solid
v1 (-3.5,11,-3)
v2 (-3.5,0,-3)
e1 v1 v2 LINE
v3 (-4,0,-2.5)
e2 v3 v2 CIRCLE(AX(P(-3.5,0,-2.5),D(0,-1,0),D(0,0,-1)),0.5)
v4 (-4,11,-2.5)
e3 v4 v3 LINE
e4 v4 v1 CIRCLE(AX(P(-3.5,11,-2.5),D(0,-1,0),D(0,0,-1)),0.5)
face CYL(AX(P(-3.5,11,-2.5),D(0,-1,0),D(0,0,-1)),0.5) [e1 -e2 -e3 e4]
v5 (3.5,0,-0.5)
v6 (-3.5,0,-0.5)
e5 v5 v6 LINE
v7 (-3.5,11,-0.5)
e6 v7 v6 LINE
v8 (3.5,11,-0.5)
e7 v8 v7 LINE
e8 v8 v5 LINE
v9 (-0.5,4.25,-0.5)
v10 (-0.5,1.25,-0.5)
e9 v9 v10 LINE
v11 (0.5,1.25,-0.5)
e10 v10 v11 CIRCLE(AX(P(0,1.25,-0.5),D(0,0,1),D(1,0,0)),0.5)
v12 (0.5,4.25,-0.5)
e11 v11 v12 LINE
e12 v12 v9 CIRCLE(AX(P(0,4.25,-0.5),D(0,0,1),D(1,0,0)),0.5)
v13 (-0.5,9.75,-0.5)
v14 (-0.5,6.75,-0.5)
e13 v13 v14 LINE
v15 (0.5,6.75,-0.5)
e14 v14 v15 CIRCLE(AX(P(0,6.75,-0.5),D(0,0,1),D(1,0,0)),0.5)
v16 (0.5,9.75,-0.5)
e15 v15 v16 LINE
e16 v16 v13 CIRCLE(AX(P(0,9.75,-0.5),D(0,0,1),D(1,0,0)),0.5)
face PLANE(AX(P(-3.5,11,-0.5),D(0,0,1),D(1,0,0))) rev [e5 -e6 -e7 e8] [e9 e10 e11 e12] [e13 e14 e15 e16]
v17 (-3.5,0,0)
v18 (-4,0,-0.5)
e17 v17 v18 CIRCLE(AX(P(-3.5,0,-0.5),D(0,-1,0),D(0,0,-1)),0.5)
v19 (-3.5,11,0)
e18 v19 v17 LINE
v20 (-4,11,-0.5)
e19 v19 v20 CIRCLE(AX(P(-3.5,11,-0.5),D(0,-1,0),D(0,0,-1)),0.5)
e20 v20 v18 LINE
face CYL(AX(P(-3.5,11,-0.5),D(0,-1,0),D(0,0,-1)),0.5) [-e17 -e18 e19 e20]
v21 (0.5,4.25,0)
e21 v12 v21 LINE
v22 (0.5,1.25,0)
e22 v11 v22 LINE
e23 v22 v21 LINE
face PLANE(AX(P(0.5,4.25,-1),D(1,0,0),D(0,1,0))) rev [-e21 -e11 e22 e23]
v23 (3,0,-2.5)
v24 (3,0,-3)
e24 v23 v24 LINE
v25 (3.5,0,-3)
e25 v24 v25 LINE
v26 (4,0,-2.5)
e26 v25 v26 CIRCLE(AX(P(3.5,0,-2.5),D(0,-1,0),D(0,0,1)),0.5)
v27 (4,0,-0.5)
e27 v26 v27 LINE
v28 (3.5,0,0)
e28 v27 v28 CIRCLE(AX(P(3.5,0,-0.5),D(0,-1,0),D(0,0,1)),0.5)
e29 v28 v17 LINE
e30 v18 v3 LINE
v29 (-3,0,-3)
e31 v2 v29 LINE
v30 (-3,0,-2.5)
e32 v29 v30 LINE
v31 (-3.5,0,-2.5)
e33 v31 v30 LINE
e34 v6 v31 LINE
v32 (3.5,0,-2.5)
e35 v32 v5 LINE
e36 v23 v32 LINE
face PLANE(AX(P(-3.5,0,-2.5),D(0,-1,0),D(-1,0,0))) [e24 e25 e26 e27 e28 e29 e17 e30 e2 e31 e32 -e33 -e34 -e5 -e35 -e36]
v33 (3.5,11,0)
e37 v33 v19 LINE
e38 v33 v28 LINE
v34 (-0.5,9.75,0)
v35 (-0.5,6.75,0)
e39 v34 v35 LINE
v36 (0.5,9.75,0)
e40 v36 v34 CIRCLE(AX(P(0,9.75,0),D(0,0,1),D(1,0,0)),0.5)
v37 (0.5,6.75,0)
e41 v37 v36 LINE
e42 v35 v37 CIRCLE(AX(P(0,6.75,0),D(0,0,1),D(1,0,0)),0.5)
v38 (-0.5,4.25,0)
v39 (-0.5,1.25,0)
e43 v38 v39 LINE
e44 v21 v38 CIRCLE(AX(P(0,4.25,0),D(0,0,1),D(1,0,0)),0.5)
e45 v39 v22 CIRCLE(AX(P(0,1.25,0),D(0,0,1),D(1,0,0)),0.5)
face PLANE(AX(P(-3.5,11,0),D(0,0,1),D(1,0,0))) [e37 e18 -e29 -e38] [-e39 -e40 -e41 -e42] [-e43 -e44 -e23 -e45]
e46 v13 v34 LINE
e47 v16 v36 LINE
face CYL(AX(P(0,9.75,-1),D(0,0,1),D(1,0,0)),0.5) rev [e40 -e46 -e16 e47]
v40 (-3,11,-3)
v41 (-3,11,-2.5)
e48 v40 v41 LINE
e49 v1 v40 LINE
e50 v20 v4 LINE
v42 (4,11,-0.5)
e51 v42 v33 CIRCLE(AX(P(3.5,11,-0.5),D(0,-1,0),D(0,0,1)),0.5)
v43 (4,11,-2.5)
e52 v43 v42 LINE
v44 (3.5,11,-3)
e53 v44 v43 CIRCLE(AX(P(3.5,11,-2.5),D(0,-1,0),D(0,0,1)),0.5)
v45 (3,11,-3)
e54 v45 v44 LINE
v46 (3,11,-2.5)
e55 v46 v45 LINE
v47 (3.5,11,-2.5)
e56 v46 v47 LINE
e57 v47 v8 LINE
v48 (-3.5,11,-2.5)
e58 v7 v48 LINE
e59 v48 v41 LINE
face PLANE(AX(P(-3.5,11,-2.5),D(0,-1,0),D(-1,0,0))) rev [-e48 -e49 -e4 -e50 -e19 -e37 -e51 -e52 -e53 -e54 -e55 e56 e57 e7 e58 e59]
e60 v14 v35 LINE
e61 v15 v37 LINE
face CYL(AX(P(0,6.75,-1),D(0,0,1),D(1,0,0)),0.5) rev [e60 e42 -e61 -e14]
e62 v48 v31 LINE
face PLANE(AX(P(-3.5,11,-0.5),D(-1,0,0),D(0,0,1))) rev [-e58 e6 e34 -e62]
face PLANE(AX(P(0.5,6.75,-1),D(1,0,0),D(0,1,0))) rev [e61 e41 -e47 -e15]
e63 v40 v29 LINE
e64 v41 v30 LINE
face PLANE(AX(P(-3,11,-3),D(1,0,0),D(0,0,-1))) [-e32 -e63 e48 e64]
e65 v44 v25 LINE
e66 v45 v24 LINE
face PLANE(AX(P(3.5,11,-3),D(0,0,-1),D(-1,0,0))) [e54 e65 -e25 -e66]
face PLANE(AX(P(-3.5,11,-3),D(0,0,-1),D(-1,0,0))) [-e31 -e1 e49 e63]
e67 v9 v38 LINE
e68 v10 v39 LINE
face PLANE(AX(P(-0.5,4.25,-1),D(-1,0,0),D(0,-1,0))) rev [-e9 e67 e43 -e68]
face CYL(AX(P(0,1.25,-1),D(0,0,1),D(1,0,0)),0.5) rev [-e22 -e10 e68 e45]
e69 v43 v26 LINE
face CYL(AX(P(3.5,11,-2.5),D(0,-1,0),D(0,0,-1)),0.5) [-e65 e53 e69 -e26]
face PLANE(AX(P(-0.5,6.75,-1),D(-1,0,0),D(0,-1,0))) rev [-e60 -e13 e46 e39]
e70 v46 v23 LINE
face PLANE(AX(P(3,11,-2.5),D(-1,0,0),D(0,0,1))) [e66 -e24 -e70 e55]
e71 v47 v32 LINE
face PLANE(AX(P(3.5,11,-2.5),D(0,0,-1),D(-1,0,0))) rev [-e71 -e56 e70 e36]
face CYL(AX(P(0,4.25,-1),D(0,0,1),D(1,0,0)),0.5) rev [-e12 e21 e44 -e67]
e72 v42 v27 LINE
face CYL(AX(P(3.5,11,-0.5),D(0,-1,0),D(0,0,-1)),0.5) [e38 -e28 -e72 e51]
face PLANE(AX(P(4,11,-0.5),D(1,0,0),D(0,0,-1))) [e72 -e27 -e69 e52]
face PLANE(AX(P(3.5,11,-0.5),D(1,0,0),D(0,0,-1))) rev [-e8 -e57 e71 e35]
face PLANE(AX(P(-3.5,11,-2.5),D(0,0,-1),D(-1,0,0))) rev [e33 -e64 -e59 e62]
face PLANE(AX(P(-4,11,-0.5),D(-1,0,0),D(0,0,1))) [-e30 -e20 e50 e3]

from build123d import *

# Parameters (mm, degrees)
EXTRUDE_THIN1_DEPTH = 11
CUT_EXTRUDE1_DEPTH  = 1


with BuildPart() as part:
    # Sketch1 → Extrude-Thin1 (new body)
    with BuildSketch(Plane(origin=(0, 0, 0), x_dir=(1, 0, 0), z_dir=(0, 1, 0))):
        with BuildLine():
            Line((-3, 3), (-3.5, 3))
            ThreePointArc((-3.5, 3), (-3.853553391, 2.853553391), (-4, 2.5))
            Line((-4, 2.5), (-4, 0.5))
            ThreePointArc((-4, 0.5), (-3.853553391, 0.146446609), (-3.5, 0))
            Line((-3.5, 0), (3.5, 0))
            ThreePointArc((3.5, 0), (3.853553391, 0.146446609), (4, 0.5))
            Line((4, 0.5), (4, 2.5))
            ThreePointArc((4, 2.5), (3.853553391, 2.853553391), (3.5, 3))
            Line((3.5, 3), (3, 3))
            Line((3, 3), (3, 2.5))
            Line((3, 2.5), (3.5, 2.5))
            Line((3.5, 2.5), (3.5, 0.5))
            Line((3.5, 0.5), (-3.5, 0.5))
            Line((-3.5, 0.5), (-3.5, 2.5))
            Line((-3.5, 2.5), (-3, 2.5))
            Line((-3, 2.5), (-3, 3))
        make_face()
    extrude(amount=EXTRUDE_THIN1_DEPTH)

    # Sketch3 → Cut-Extrude1 (cut)
    with BuildSketch(Plane.XY):
        with BuildLine():
            Line((-0.5, 6.75), (-0.5, 9.75))
            ThreePointArc((-0.5, 9.75), (0, 10.25), (0.5, 9.75))
            Line((0.5, 9.75), (0.5, 6.75))
            ThreePointArc((0.5, 6.75), (0, 6.25), (-0.5, 6.75))
        make_face()
        with BuildLine():
            Line((0.5, 4.25), (0.5, 1.25))
            ThreePointArc((0.5, 1.25), (0, 0.75), (-0.5, 1.25))
            Line((-0.5, 1.25), (-0.5, 4.25))
            ThreePointArc((-0.5, 4.25), (0, 4.75), (0.5, 4.25))
        make_face()
    extrude(amount=-CUT_EXTRUDE1_DEPTH, mode=Mode.SUBTRACT)


solid = part.part
